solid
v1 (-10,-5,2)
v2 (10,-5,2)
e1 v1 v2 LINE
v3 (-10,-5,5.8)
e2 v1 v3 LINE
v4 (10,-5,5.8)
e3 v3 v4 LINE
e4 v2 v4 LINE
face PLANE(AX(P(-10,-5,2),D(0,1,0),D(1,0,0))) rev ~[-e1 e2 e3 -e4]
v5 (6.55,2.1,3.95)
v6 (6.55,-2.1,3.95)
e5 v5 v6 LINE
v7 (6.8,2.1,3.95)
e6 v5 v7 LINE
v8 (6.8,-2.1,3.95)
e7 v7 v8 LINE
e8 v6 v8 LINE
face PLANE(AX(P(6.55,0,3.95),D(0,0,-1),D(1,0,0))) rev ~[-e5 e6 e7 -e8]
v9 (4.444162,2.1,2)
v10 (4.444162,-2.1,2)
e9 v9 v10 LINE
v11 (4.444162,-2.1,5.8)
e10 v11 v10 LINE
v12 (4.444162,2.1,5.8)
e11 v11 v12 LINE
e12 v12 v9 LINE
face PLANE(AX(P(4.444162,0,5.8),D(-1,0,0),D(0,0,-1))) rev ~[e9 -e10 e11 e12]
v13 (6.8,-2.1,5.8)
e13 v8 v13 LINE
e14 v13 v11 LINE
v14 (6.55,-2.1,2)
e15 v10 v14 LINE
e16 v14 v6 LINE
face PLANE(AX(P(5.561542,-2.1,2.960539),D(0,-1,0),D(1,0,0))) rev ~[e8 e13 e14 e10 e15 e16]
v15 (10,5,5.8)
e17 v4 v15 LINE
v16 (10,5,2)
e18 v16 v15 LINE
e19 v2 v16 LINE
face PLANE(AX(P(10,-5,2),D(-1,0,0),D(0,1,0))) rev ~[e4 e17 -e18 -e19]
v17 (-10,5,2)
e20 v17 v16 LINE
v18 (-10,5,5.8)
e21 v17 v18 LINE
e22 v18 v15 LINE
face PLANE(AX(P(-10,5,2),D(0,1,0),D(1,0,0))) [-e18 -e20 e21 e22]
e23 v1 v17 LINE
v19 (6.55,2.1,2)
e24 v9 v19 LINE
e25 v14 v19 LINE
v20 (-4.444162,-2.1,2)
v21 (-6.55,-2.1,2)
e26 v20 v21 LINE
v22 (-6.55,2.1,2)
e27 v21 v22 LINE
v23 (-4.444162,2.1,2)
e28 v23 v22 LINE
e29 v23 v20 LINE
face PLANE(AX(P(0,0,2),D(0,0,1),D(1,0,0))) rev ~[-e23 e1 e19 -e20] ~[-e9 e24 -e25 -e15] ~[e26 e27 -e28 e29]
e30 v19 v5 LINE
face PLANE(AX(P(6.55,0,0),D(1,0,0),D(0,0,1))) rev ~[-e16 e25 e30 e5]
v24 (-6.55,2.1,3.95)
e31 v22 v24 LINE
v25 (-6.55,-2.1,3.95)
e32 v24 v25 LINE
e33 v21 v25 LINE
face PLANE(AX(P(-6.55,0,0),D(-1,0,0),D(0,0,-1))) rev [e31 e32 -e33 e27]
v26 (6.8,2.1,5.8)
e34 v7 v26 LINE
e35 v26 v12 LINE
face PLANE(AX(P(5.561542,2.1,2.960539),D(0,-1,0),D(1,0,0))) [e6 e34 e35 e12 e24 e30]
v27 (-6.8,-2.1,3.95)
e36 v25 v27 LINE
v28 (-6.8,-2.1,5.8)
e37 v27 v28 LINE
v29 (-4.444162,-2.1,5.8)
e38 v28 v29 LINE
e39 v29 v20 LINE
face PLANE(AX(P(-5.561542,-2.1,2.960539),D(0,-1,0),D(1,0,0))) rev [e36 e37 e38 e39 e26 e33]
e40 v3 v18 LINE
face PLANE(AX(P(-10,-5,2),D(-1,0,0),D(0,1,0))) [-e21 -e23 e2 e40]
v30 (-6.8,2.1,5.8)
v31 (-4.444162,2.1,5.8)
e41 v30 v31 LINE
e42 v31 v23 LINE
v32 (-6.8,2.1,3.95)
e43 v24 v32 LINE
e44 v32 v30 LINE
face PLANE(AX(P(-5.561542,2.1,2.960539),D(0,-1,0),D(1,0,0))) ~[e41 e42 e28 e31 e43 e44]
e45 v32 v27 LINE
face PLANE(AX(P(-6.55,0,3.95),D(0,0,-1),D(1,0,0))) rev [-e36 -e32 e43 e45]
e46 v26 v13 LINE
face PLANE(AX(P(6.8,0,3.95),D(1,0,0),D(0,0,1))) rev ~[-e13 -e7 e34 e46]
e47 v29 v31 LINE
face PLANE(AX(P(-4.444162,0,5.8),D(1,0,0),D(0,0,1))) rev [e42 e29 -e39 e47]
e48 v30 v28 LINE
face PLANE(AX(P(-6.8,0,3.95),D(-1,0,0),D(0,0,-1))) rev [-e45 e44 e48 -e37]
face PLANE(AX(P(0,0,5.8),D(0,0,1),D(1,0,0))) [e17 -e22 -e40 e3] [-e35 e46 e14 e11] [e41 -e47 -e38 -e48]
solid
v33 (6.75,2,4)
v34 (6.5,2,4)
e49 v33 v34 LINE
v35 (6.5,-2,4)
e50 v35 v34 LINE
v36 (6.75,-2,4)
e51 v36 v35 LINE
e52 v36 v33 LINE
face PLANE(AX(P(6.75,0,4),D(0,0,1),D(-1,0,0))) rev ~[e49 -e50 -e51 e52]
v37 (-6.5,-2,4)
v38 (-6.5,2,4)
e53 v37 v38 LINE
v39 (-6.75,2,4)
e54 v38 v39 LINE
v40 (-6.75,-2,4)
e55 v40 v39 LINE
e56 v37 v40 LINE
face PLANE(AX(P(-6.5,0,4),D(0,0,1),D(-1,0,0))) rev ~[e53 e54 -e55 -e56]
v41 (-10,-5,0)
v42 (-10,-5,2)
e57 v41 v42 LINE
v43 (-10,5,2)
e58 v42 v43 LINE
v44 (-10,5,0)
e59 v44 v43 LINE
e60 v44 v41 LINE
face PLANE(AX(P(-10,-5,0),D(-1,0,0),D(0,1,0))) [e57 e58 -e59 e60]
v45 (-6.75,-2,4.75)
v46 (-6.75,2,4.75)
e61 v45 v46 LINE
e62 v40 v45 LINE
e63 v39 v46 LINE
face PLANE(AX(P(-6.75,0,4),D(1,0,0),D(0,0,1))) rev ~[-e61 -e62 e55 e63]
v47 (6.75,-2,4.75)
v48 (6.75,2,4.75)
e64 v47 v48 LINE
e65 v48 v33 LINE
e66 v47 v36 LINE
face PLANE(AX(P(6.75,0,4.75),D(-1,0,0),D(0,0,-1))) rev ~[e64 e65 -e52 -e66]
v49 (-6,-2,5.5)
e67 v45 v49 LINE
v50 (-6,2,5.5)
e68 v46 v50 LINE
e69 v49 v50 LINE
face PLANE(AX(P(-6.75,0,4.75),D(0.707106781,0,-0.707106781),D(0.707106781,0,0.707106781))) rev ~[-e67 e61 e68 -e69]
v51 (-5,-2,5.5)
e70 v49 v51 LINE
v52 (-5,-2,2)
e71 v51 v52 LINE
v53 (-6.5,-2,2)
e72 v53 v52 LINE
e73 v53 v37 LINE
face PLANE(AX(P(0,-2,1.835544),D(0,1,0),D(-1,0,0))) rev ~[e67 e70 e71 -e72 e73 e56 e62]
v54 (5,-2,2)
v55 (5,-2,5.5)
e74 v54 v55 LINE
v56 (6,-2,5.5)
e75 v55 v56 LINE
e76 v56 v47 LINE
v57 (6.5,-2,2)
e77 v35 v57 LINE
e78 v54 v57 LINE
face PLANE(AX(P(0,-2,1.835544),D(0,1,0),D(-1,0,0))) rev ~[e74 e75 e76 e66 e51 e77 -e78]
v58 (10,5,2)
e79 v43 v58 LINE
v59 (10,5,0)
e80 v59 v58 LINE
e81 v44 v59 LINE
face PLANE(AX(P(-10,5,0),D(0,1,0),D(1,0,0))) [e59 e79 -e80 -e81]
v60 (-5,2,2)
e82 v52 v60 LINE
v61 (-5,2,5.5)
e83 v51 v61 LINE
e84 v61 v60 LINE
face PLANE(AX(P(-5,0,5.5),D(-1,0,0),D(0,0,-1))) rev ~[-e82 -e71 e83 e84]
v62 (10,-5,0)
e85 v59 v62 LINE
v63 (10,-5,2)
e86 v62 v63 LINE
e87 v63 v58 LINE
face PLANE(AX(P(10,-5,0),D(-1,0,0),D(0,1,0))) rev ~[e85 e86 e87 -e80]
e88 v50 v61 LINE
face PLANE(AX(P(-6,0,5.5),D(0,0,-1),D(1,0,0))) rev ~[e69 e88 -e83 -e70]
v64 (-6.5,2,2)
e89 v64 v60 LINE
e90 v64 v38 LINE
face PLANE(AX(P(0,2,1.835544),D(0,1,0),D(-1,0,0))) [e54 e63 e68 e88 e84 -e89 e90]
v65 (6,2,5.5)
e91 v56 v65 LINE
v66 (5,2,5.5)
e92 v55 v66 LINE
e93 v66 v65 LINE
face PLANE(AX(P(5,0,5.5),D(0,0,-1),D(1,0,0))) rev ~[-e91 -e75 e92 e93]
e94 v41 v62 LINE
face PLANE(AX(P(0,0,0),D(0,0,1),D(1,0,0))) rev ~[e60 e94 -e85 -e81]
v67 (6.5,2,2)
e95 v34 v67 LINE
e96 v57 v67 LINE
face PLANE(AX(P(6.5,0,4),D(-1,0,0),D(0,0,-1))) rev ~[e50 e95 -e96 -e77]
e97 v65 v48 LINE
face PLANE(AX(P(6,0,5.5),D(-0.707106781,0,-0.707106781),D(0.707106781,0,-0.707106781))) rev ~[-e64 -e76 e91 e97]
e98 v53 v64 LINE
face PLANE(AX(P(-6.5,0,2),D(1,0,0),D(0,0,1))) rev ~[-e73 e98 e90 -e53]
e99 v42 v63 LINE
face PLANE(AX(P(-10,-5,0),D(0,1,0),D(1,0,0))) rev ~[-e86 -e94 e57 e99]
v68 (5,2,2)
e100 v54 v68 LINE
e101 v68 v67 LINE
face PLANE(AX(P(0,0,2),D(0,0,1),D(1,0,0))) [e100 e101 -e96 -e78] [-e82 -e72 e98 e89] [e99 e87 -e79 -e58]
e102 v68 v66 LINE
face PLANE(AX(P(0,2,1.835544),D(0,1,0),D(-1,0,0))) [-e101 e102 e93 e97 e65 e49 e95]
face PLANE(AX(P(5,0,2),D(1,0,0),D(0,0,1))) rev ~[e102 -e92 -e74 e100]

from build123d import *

# Parameters (mm, degrees)
BOX_W            = 20
BOX_H            = 10
BOX_DEPTH        = 2
EXTRUDE_DEPTH    = 2
EXTRUDE001_DEPTH = 2.1
BOX001_W         = 20
BOX001_H         = 10
BOX001_DEPTH     = 3.8


with BuildPart() as cube:
    # Box → Box (new body)
    with BuildSketch(Plane(origin=(-10, -5, 0), x_dir=(1, 0, 0), z_dir=(0, 0, 1))):
        with Locations((10, 5)):
            Rectangle(BOX_W, BOX_H)
    extrude(amount=BOX_DEPTH)


with BuildPart() as fusion:
    # Sketch → Extrude (new body, symmetric)
    with BuildSketch(Plane.XZ):
        Polygon((-10, 0), (-10, 2), (-6.5, 2), (-6.5, 4), (-6.75, 4), (-6.75, 4.75), (-6, 5.5), (-5, 5.5), (-5, 2), (5, 2), (5, 5.5), (6, 5.5), (6.75, 4.75), (6.75, 4), (6.5, 4), (6.5, 2), (10, 2), (10, 0), align=None)
    extrude(amount=EXTRUDE_DEPTH, both=True)

    # Fusion: union Cube
    add(cube.part)


with BuildPart() as extrude001:
    # Sketch001 → Extrude001 (new body, symmetric)
    with BuildSketch(Plane.XZ):
        Polygon((6.55, 0), (6.55, 3.95), (6.8, 3.95), (6.8, 5.8), (4.444162, 5.8), (4.444162, 0), align=None)
    extrude(amount=EXTRUDE001_DEPTH, both=True)


with BuildPart() as fusion001:
    # Part__Mirroring: instance of Extrude001
    add(extrude001.part.mirror(Plane(origin=(0, 0, 0), x_dir=(0, -1, 0), z_dir=(1, 0, 0))))

    # Fusion001: union Extrude001
    add(extrude001.part)


with BuildPart() as cut:
    # Box001 → Box001 (new body)
    with BuildSketch(Plane(origin=(-10, -5, 2), x_dir=(1, 0, 0), z_dir=(0, 0, 1))):
        with Locations((10, 5)):
            Rectangle(BOX001_W, BOX001_H)
    extrude(amount=BOX001_DEPTH)

    # Cut: cut Fusion001
    add(fusion001.part, mode=Mode.SUBTRACT)


solid = Compound([fusion.part, cut.part])
